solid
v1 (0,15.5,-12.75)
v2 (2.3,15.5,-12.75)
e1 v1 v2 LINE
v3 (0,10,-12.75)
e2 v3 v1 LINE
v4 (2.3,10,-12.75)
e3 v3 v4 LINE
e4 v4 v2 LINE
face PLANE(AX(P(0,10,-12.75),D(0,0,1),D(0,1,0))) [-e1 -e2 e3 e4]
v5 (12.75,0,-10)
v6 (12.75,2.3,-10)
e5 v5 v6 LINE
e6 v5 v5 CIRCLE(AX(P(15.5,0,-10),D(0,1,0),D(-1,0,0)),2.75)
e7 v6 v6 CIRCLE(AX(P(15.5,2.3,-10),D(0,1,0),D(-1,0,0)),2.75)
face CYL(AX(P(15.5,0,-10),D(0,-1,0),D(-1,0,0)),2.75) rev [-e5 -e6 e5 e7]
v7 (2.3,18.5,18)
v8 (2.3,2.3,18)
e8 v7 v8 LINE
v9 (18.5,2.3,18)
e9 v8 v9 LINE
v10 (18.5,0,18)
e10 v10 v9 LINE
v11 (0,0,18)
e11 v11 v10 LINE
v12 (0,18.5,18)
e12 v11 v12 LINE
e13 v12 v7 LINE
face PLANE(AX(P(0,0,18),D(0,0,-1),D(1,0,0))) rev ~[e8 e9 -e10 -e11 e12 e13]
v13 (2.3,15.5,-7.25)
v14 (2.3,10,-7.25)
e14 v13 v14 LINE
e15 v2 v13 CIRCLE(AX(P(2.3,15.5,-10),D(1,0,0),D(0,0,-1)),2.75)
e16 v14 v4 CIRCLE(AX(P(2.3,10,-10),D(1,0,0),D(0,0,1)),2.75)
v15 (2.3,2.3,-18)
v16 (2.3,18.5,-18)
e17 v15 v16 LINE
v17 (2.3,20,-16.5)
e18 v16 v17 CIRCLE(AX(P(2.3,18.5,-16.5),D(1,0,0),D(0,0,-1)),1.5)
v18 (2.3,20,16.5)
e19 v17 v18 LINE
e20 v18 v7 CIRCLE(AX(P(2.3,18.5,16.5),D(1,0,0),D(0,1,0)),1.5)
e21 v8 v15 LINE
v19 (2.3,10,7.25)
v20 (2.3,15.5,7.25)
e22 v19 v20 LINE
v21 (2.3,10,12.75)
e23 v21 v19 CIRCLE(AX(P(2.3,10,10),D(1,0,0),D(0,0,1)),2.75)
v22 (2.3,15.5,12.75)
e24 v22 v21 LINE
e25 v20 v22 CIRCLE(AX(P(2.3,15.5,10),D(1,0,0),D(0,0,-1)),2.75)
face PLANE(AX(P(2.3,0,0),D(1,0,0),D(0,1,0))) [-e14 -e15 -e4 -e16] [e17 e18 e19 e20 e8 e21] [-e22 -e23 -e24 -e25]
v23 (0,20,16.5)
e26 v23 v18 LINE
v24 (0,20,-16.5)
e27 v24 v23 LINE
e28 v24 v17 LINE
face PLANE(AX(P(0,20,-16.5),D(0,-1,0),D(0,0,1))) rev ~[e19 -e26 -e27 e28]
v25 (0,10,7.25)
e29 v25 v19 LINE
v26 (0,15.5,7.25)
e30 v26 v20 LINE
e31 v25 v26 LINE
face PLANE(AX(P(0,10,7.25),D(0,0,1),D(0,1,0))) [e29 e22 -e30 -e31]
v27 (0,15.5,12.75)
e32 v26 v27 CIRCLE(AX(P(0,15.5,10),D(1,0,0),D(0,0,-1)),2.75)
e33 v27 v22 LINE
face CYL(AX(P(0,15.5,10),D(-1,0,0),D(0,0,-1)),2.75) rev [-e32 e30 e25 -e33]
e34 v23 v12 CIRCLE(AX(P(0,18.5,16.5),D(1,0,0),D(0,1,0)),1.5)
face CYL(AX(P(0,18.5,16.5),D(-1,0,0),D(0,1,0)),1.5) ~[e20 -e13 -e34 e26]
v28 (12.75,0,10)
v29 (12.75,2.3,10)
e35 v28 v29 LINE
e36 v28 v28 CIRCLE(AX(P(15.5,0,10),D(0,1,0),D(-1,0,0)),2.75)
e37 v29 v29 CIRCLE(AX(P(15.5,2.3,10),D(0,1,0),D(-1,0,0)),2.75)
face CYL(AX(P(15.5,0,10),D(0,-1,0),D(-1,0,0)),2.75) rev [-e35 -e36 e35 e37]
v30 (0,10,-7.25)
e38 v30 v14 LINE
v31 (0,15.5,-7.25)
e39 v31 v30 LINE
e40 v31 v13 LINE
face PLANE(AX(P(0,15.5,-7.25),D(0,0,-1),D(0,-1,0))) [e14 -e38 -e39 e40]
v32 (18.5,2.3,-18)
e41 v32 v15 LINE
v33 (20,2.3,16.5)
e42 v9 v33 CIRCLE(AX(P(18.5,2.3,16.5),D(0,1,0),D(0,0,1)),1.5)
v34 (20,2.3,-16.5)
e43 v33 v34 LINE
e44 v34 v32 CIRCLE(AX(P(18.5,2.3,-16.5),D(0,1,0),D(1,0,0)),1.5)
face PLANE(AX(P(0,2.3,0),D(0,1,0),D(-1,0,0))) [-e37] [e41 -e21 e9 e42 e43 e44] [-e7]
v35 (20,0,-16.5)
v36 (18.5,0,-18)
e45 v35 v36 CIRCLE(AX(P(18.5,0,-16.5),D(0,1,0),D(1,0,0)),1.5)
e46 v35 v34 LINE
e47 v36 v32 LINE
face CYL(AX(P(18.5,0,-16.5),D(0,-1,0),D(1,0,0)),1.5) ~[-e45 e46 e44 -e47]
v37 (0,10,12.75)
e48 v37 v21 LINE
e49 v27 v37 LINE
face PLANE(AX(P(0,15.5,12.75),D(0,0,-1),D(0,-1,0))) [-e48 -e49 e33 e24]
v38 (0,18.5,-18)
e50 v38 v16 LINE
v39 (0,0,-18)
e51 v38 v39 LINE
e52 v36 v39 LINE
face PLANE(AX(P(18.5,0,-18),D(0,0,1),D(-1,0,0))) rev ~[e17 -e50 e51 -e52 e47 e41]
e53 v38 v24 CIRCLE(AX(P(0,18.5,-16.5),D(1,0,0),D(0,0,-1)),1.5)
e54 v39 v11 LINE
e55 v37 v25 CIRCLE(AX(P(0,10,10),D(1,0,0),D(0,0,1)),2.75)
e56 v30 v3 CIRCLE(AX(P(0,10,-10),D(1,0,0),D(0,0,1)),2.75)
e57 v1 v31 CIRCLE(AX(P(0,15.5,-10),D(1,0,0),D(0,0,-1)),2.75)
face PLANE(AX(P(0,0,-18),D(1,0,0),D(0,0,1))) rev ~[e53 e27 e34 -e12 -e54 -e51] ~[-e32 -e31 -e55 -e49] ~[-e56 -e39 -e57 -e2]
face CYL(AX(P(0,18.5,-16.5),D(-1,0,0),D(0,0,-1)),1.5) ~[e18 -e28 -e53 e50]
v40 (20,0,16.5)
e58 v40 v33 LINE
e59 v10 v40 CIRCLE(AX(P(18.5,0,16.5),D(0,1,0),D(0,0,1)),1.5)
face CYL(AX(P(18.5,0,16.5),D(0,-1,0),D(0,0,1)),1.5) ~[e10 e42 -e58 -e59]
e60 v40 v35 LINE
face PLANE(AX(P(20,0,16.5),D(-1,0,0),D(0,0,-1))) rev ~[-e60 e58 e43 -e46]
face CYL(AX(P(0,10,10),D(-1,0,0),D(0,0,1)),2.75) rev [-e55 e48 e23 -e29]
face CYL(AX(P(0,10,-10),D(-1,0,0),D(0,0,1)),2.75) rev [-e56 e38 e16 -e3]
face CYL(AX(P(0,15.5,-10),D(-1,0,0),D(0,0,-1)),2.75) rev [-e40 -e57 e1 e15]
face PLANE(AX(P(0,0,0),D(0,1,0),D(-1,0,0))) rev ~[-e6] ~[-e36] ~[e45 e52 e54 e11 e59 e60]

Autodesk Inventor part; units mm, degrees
sketch "Sketch_2" plane through (0, 0, 0) normal (0, 1, 0) x (-1, 0, 0)
  line L0 (0, 18) -> (-18.5, 18)
  arc A0 (-18.5, 18) -> (-20, 16.5) centre (-18.5, 16.5) ccw
  line L1 (-20, 16.5) -> (-20, -16.5)
  arc A1 (-20, -16.5) -> (-18.5, -18) centre (-18.5, -16.5) ccw
  line L2 (-18.5, -18) -> (0, -18)
  line L3 (0, -18) -> (0, 18)
  circle A2 centre (-15.5, -10) radius 2.75
  circle A3 centre (-15.5, 10) radius 2.75
extrude "Extrusion1" add sketch "Sketch_2" along normal blind 2.3
sketch "Sketch_1" plane through (0, 0, 0) normal (1, 0, 0) x (0, 1, 0)
  line L0 (18.5, 18) -> (0, 18)
  line L1 (0, 18) -> (0, -18)
  line L2 (0, -18) -> (18.5, -18)
  arc A0 (18.5, -18) -> (20, -16.5) centre (18.5, -16.5) ccw
  line L3 (20, -16.5) -> (20, 16.5)
  arc A1 (20, 16.5) -> (18.5, 18) centre (18.5, 16.5) ccw
  line L4 (15.5, -7.25) -> (10, -7.25)
  arc A2 (10, -7.25) -> (10, -12.75) centre (10, -10) ccw
  line L5 (10, -12.75) -> (15.5, -12.75)
  arc A3 (15.5, -12.75) -> (15.5, -7.25) centre (15.5, -10) ccw
  line L6 (15.5, 12.75) -> (10, 12.75)
  arc A4 (10, 12.75) -> (10, 7.25) centre (10, 10) ccw
  line L7 (10, 7.25) -> (15.5, 7.25)
  arc A5 (15.5, 7.25) -> (15.5, 12.75) centre (15.5, 10) ccw
extrude "Extrusion2" add sketch "Sketch_1" along normal blind 2.3
ref_plane "to_cbm_1_1_XY" through (2.3, 15.5, -10) normal (1, 0, 0) x (0, 0, -1)
ref_plane "to_cbm_1_1_YZ" through (2.3, 15.5, -10) normal (0, 0, -1) x (0, 1, 0)
ref_plane "to_cbm_1_1_ZX" through (2.3, 15.5, -10) normal (0, 1, 0) x (1, 0, 0)
ref_plane "to_cbm_1_2_XY" through (2.3, 15.5, 10) normal (1, 0, 0) x (0, 0, -1)
ref_plane "to_cbm_1_2_YZ" through (2.3, 15.5, 10) normal (0, 0, -1) x (0, 1, 0)
ref_plane "to_cbm_1_2_ZX" through (2.3, 15.5, 10) normal (0, 1, 0) x (1, 0, 0)
ref_plane "to_cbm_2_1_XY" through (15.5, 2.3, 10) normal (0, 1, 0) x (1, 0, 0)
ref_plane "to_cbm_2_1_YZ" through (15.5, 2.3, 10) normal (1, 0, 0) x (0, 0, -1)
ref_plane "to_cbm_2_1_ZX" through (15.5, 2.3, 10) normal (0, 0, -1) x (0, 1, 0)
ref_plane "to_cbm_2_2_XY" through (15.5, 2.3, -10) normal (0, 1, 0) x (1, 0, 0)
ref_plane "to_cbm_2_2_YZ" through (15.5, 2.3, -10) normal (1, 0, 0) x (0, 0, -1)
ref_plane "to_cbm_2_2_ZX" through (15.5, 2.3, -10) normal (0, 0, -1) x (0, 1, 0)
ref_plane "to_hntp5_1_1_XY" through (-2, 15.5, -10) normal (-1, 0, 0) x (0, -1, 0)
ref_plane "to_hntp5_1_1_YZ" through (-2, 15.5, -10) normal (0, -1, 0) x (0, 0, 1)
ref_plane "to_hntp5_1_1_ZX" through (-2, 15.5, -10) normal (0, 0, 1) x (-1, 0, 0)
ref_plane "to_hntp5_1_2_XY" through (-2, 15.5, 10) normal (-1, 0, 0) x (0, -1, 0)
ref_plane "to_hntp5_1_2_YZ" through (-2, 15.5, 10) normal (0, -1, 0) x (0, 0, 1)
ref_plane "to_hntp5_1_2_ZX" through (-2, 15.5, 10) normal (0, 0, 1) x (-1, 0, 0)
ref_plane "to_hntp5_2_1_XY" through (15.5, -2, 10) normal (0, -1, 0) x (-1, 0, 0)
ref_plane "to_hntp5_2_1_YZ" through (15.5, -2, 10) normal (-1, 0, 0) x (0, 0, -1)
ref_plane "to_hntp5_2_1_ZX" through (15.5, -2, 10) normal (0, 0, -1) x (0, -1, 0)
ref_plane "to_hntp5_2_2_XY" through (15.5, -2, -10) normal (0, -1, 0) x (-1, 0, 0)
ref_plane "to_hntp5_2_2_YZ" through (15.5, -2, -10) normal (-1, 0, 0) x (0, 0, -1)
ref_plane "to_hntp5_2_2_ZX" through (15.5, -2, -10) normal (0, 0, -1) x (0, -1, 0)
properties part number "HPTBD5-SEP_b."
